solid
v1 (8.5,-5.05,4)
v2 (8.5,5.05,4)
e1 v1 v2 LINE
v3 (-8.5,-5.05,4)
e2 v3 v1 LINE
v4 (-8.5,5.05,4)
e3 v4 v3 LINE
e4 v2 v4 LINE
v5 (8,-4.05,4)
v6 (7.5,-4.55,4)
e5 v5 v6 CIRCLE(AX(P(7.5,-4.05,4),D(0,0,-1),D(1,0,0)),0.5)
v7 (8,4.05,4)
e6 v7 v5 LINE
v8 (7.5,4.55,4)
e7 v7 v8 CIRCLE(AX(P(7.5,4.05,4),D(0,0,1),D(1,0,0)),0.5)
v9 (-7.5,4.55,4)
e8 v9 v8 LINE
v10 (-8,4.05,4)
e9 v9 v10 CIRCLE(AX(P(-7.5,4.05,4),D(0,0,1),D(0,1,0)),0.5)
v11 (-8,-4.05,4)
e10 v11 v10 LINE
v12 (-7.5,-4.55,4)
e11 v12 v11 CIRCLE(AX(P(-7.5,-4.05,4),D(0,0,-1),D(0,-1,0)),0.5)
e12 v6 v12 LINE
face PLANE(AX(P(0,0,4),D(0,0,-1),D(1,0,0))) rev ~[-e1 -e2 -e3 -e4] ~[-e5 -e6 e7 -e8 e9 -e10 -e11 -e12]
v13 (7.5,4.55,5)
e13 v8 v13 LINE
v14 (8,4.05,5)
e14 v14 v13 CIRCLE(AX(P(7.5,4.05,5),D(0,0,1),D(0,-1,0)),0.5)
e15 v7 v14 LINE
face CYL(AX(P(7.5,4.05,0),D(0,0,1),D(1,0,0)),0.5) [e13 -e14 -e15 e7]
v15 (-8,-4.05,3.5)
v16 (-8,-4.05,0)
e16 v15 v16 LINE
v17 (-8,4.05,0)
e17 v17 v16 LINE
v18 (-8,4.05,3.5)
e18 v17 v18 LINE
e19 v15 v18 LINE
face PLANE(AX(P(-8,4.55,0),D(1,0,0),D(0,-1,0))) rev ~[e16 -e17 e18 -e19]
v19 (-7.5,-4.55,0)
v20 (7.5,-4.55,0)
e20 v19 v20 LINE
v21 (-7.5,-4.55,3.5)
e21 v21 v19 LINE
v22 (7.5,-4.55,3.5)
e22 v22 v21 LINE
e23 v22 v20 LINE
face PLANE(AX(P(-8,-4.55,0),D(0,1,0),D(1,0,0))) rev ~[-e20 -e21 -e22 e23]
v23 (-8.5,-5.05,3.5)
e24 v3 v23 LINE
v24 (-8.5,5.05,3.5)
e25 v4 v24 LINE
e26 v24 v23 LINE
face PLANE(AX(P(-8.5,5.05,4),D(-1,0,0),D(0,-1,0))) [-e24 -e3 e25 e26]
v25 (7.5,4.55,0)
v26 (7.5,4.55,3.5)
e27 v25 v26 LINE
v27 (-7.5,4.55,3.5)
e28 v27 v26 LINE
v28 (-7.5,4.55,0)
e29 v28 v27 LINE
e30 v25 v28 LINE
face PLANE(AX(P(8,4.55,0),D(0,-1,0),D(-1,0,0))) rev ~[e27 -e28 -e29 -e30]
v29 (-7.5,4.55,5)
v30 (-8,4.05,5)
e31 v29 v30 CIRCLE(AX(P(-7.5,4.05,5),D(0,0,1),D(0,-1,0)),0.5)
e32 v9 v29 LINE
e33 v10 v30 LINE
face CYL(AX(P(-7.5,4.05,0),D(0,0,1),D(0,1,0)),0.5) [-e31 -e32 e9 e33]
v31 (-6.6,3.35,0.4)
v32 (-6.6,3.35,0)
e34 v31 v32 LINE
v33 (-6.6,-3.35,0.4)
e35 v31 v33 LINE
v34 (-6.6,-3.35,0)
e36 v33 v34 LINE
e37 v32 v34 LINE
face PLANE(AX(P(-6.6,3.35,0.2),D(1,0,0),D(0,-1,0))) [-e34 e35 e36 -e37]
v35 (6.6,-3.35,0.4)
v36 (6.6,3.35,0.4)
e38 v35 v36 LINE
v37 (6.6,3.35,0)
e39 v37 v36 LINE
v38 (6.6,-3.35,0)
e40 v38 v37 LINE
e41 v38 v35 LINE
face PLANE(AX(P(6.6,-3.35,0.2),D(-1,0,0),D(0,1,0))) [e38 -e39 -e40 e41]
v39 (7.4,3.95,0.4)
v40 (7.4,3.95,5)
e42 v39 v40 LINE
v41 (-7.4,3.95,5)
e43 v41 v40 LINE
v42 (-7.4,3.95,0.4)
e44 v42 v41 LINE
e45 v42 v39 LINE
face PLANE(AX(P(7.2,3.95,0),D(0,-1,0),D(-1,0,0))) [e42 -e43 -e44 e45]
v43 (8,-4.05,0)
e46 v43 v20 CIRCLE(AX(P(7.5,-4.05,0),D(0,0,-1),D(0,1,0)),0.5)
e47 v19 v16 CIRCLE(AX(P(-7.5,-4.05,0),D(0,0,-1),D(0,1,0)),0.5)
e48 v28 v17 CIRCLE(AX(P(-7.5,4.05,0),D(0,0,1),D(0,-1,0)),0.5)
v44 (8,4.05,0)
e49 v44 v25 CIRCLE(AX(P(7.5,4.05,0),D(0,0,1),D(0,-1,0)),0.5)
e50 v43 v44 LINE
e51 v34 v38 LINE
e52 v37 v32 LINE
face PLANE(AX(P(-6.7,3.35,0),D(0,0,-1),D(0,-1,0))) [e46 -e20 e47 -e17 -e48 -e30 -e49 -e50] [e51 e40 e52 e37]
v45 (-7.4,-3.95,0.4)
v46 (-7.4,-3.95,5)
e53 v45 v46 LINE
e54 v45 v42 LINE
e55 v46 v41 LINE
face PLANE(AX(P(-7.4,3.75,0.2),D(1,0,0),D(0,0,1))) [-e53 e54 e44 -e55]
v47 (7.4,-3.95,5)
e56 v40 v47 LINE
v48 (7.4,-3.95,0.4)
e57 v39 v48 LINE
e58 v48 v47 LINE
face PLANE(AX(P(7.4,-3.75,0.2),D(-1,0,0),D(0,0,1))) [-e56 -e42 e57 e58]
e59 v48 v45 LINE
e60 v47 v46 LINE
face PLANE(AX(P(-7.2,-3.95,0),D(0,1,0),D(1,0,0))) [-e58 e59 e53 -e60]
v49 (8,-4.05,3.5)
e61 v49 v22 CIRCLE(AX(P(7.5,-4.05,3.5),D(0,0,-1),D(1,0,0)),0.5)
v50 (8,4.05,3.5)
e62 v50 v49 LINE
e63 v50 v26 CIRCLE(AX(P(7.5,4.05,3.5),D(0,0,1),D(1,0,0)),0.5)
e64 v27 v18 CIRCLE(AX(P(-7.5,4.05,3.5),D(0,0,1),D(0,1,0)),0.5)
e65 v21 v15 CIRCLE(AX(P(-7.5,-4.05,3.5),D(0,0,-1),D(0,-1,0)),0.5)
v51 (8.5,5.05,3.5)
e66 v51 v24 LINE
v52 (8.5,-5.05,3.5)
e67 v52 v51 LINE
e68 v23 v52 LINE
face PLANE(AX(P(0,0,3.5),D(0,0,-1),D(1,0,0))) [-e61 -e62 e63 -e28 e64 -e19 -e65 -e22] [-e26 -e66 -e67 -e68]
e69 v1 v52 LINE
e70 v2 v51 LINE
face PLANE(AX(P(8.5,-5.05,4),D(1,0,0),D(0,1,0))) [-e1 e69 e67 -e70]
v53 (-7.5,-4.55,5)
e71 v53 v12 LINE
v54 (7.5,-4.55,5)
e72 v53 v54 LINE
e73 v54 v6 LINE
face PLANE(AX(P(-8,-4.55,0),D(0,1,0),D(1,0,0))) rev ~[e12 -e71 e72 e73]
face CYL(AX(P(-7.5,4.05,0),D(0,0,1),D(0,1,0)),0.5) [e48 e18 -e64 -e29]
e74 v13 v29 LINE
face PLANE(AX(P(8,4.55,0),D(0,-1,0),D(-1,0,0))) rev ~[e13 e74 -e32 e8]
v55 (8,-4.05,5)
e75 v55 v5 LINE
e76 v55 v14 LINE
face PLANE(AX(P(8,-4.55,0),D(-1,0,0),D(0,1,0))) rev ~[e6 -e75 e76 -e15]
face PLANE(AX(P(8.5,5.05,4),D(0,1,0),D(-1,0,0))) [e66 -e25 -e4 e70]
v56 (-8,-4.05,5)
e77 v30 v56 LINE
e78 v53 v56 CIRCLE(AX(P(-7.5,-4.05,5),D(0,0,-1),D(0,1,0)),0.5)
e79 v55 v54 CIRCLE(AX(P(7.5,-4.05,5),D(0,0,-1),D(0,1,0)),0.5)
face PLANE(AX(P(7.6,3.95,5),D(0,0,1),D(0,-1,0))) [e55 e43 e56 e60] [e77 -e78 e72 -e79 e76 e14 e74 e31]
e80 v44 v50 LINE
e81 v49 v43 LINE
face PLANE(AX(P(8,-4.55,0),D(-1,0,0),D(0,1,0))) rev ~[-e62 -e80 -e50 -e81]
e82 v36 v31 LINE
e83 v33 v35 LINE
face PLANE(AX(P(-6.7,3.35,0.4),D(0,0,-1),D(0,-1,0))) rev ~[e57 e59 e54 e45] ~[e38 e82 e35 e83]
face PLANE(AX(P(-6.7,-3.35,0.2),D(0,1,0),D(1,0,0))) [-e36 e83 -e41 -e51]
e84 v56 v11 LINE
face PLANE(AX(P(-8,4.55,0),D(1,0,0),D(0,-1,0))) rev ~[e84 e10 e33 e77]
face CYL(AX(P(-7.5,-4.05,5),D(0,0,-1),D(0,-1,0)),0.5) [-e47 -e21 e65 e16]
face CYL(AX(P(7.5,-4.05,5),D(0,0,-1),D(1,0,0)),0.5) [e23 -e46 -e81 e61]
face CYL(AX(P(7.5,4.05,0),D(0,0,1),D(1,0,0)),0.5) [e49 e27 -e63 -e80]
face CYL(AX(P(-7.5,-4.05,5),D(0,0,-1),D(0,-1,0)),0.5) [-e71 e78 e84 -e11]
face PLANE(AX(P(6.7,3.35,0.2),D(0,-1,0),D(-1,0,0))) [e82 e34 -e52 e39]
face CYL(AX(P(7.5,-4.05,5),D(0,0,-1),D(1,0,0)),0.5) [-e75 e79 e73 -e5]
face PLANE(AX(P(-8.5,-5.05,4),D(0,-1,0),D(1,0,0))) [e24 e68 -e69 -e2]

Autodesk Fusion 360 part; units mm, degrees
sketch "Sketch1" plane through (0, 0, 0) normal (0, 0, 1) x (1, 0, 0)
  line L0 (8, 4.55) -> (-8, 4.55)
  line L1 (-8, 4.55) -> (-8, -4.55)
  line L2 (-8, -4.55) -> (8, -4.55)
  line L3 (8, -4.55) -> (8, 4.55)
  line L4 (8, 4.55) -> (-8, -4.55) construction
  line L5 (-8, 4.55) -> (8, -4.55) construction
  line L6 (7.2, 3.75) -> (-7.2, 3.75)
  line L7 (-7.2, 3.75) -> (-7.2, -3.75)
  line L8 (-7.2, -3.75) -> (7.2, -3.75)
  line L9 (7.2, -3.75) -> (7.2, 3.75)
  line L10 (7.2, 3.75) -> (-7.2, -3.75) construction
  line L11 (-7.2, 3.75) -> (7.2, -3.75) construction
  line L12 (6.7, 3.35) -> (-6.7, 3.35)
  line L13 (-6.7, 3.35) -> (-6.7, -3.35)
  line L14 (-6.7, -3.35) -> (6.7, -3.35)
  line L15 (6.7, -3.35) -> (6.7, 3.35)
  line L16 (6.7, 3.35) -> (-6.7, -3.35) construction
  line L17 (-6.7, 3.35) -> (6.7, -3.35) construction
  dimension "d1" = 16
  dimension "d2" = 9.1
  dimension "d3" = 14.4
  dimension "d4" = 7.5
  dimension "d5" = 13.4
  dimension "d6" = 6.7
extrude "Extrude1" add sketch "Sketch1" along normal blind 0.2 contours L0 L1 L2 L3 | L6 L7 L8 L9
extrude "Extrude2" add sketch "Sketch1" along normal blind 5 contours L0 L1 L2 L3
fillet "Fillet1" radius 0.5 4 edges at (8, -4.55, 2.5) (-8, -4.55, 2.5) (8, 4.55, 2.5) (-8, 4.55, 2.5)
extrude "Extrude3" cut 1 faces at (7.2, 1.25, 3.4) along direction (1, 0, 0) blind 0.4
extrude "Extrude4" cut 1 faces at (-2.2667, -3.75, 1.8) along direction (0, -1, 0) blind 0.4
extrude "Extrude5" cut 1 faces at (-7.2, 1.1167, 1.8) along direction (-1, 0, 0) blind 0.4
extrude "Extrude6" cut 1 faces at (2.5333, 3.75, 1.8) along direction (0, 1, 0) blind 0.4
extrude "Extrude7" add 1 faces at (2.5333, 4.15, 1.8) along direction (0, -1, 0) blind 0.2
extrude "Extrude8" add 1 faces at (2.5333, -4.15, 3.4) along direction (0, 1, 0) blind 0.2
extrude "Extrude9" add 1 faces at (-7.6, -1.3167, 1.8) along direction (1, 0, 0) blind 0.2
extrude "Extrude10" add 1 faces at (7.6, 1.3167, 1.8) along direction (-1, 0, 0) blind 0.2
extrude "Extrude11" add 1 faces at (-7.1667, 1.1167, 0.2) along direction (0, 0, 1) blind 0.2
extrude "Extrude12" add 1 faces at (6.7, 1.1167, 0.2667) along direction (-1, 0, 0) blind 0.1
extrude "Extrude13" add 1 faces at (-6.7, 1.1167, 0.1333) along direction (1, 0, 0) blind 0.1
ref_plane "WorkPlane1" through (0, 0, 4) normal (0, 0, -1) x (-1, 0, 0)
sketch "Sketch2" plane through (0, 0, 4) normal (0, 0, -1) x (1, 0, 0)
  line L0 (8.5, -5.05) -> (-8.5, -5.05)
  line L1 (-8.5, -5.05) -> (-8.5, 5.05)
  line L2 (-8.5, 5.05) -> (8.5, 5.05)
  line L3 (8.5, 5.05) -> (8.5, -5.05)
  line L4 (8.5, -5.05) -> (-8.5, 5.05) construction
  line L5 (-8.5, -5.05) -> (8.5, 5.05) construction
  line L6 (7.5059, -4.1931) -> (-7.5059, -4.1931)
  line L7 (-7.5059, -4.1931) -> (-7.5059, 4.1931)
  line L8 (-7.5059, 4.1931) -> (7.5059, 4.1931)
  line L9 (7.5059, 4.1931) -> (7.5059, -4.1931)
  line L10 (7.5059, -4.1931) -> (-7.5059, 4.1931) construction
  line L11 (-7.5059, -4.1931) -> (7.5059, 4.1931) construction
  dimension "d36" = 17
  dimension "d37" = 10.1
extrude "Extrude14" add sketch "Sketch2" along normal blind 0.5
